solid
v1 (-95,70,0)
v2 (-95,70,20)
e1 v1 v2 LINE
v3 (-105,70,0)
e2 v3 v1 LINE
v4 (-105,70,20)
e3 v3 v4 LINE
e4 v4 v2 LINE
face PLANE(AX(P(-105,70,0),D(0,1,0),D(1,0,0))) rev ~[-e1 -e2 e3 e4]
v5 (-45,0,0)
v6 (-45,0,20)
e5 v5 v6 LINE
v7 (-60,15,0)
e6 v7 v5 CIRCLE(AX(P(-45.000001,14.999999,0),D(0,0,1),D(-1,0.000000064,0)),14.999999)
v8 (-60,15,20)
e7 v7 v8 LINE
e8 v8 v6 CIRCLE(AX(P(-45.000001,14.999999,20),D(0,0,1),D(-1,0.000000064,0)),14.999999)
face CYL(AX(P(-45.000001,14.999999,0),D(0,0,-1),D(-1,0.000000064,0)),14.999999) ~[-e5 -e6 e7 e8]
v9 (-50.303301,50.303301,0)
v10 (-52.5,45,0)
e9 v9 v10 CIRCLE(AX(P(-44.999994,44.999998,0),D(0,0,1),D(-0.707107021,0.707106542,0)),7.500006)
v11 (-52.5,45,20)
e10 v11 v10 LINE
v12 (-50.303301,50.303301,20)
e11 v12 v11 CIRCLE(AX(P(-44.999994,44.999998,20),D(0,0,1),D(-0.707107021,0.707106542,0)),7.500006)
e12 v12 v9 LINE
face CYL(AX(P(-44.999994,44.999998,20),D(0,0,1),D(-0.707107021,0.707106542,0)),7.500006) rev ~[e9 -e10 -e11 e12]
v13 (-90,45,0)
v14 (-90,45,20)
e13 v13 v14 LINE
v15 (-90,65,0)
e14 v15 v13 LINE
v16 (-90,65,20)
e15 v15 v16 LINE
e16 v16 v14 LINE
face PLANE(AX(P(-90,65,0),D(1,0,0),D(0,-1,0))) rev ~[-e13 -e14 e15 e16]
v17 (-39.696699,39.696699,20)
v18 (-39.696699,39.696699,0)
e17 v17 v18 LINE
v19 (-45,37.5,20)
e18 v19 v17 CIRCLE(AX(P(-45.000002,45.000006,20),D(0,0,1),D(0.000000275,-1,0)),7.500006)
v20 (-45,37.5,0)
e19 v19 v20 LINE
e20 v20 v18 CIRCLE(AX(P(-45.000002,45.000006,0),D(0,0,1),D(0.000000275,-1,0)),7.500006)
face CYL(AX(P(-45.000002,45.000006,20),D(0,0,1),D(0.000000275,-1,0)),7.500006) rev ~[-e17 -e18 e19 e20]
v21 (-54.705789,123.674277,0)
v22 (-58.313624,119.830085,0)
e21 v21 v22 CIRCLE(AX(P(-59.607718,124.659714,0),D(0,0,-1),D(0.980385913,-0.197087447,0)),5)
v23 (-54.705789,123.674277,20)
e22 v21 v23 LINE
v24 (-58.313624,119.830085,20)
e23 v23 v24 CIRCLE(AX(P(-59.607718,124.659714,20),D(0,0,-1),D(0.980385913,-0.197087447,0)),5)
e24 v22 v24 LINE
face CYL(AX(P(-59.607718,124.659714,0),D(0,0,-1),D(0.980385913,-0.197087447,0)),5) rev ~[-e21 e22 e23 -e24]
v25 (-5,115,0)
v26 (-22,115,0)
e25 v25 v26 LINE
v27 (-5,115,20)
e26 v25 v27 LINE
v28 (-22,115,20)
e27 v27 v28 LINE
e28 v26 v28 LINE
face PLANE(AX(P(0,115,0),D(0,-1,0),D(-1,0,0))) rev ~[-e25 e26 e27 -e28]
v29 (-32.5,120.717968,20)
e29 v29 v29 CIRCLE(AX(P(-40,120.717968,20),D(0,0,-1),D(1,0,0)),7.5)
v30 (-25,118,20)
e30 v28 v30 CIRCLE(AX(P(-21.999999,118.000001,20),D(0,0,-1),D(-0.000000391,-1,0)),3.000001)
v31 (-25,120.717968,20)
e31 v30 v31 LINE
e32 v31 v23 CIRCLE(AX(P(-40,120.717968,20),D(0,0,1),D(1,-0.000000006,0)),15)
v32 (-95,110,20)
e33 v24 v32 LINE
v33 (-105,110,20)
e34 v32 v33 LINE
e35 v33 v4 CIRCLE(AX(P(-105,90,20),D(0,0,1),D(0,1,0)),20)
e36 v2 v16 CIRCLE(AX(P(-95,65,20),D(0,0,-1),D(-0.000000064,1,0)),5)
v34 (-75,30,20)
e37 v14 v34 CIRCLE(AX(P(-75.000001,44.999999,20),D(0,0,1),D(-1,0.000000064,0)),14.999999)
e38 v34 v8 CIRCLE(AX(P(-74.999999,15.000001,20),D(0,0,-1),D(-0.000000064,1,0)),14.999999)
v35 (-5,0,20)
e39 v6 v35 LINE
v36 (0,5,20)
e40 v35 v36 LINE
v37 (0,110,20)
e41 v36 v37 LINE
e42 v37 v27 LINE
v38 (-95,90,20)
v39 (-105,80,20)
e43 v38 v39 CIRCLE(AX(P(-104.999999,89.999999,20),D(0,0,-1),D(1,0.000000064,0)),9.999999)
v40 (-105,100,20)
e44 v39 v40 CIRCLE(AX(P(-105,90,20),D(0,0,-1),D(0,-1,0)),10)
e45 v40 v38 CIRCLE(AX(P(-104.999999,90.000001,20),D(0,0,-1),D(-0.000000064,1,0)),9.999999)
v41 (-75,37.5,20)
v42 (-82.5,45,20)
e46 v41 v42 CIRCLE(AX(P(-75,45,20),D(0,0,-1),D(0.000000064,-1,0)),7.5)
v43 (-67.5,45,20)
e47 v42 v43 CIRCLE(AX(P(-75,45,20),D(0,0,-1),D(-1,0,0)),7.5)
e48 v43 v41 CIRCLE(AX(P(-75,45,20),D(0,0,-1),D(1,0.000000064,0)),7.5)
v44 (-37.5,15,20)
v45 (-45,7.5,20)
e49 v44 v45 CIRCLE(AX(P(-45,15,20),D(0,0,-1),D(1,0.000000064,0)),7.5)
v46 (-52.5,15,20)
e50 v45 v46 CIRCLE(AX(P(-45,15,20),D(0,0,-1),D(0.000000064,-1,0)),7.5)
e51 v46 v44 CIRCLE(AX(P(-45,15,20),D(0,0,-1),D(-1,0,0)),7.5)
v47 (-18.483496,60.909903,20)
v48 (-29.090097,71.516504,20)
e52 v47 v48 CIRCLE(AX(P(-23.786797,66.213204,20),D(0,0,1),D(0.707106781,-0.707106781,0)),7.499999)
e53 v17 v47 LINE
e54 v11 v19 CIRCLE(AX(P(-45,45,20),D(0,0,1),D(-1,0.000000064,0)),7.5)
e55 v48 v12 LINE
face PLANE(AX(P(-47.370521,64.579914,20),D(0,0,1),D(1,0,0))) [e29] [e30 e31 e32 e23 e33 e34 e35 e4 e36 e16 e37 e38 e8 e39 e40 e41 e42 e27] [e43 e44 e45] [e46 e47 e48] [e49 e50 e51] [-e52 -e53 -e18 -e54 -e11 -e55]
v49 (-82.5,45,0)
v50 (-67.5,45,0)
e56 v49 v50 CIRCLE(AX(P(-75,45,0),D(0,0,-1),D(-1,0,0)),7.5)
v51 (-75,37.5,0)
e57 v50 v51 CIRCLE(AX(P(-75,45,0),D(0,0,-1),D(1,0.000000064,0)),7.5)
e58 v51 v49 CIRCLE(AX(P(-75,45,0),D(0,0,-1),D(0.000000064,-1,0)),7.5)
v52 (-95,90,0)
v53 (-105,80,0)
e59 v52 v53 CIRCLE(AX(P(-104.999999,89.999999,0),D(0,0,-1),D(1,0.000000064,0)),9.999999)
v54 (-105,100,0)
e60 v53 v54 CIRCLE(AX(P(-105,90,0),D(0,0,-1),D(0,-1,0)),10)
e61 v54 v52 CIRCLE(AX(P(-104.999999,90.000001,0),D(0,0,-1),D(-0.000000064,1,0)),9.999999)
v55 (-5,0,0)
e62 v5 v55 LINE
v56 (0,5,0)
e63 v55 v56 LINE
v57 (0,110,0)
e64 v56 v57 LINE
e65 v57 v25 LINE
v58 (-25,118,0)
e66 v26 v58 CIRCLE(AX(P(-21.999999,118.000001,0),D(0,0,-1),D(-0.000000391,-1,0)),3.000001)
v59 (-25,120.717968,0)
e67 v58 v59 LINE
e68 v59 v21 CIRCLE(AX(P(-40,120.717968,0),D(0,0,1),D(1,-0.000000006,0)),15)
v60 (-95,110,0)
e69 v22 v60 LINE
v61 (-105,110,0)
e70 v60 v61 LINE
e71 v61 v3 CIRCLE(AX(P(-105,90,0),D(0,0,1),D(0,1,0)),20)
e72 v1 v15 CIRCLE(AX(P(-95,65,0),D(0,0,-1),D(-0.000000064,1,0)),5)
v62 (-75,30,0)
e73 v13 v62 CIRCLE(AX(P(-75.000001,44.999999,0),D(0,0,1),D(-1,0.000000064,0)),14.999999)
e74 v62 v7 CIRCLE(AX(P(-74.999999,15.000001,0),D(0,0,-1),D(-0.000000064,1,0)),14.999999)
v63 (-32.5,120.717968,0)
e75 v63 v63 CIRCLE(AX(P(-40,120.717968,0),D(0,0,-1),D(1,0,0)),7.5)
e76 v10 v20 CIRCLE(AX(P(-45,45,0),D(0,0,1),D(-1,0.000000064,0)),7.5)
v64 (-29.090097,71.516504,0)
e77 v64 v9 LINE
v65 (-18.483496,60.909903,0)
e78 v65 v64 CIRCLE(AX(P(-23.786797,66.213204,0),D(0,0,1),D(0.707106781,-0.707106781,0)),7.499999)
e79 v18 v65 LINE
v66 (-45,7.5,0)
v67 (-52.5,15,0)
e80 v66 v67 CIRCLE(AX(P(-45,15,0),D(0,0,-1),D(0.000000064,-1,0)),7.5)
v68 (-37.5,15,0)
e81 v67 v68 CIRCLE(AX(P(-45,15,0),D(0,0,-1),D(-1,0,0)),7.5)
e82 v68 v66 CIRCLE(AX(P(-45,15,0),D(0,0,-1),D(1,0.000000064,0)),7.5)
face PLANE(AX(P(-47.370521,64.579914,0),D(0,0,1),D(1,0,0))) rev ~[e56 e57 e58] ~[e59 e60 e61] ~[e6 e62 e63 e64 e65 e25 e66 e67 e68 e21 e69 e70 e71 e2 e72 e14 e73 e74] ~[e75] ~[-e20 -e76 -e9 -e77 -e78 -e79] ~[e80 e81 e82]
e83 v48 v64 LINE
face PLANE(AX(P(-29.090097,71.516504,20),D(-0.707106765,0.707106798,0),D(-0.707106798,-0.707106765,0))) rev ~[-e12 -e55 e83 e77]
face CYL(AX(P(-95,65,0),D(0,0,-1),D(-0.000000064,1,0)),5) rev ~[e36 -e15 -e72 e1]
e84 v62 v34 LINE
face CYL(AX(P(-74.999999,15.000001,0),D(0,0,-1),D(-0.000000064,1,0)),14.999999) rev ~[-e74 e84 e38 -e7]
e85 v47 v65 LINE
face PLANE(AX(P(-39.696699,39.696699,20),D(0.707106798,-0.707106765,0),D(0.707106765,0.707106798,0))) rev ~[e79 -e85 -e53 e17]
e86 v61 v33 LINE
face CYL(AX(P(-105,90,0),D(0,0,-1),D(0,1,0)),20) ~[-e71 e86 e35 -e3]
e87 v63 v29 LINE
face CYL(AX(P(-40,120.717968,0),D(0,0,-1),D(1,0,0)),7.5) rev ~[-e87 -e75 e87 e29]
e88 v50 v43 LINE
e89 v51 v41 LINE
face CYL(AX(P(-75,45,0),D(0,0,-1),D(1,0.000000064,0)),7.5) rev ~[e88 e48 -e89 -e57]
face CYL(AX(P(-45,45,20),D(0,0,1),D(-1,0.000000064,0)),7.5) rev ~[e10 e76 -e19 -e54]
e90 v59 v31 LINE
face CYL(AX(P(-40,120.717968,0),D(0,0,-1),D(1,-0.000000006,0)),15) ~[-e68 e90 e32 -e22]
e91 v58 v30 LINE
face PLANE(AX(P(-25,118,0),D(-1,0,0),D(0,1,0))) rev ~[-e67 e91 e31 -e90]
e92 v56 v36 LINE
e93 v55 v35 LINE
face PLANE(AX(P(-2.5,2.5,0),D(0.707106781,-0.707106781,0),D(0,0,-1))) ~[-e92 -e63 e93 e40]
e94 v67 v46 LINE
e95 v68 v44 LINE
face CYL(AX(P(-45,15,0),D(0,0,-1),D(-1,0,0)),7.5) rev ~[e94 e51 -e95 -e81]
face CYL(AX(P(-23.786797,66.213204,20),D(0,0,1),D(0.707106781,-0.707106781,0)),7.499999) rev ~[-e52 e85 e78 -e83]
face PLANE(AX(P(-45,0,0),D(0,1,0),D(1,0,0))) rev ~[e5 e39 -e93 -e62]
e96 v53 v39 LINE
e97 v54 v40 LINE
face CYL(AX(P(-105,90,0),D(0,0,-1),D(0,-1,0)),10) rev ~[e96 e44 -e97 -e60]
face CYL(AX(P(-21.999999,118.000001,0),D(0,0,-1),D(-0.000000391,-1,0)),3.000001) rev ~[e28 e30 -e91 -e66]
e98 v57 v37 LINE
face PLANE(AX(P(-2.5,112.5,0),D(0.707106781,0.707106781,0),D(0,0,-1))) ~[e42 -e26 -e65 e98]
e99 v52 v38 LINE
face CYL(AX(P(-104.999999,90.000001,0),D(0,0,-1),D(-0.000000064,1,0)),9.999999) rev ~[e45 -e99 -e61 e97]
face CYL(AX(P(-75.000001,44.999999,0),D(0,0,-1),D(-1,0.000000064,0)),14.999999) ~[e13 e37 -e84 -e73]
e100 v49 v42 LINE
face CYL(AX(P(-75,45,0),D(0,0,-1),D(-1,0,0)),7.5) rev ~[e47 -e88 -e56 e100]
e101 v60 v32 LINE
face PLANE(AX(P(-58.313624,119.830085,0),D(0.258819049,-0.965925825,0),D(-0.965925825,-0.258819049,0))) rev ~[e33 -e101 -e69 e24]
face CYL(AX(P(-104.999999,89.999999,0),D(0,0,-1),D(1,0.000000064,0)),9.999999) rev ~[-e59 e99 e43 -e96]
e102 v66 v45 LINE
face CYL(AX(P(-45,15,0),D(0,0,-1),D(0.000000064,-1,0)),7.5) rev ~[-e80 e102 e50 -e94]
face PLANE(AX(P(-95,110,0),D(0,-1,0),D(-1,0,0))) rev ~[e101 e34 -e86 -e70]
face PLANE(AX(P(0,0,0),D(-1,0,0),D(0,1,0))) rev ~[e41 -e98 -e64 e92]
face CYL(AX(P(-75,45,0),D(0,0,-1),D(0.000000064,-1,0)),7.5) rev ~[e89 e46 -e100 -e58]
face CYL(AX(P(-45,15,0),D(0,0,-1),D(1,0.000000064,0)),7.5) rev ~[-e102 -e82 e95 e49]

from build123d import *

# Parameters (mm, degrees)
F1_DEPTH = 20
F2_SIZE  = 5
F4_DEPTH = 25


with BuildPart() as f1:
    # F0 (on Top) → F1 (new body)
    with BuildSketch(Plane.XY):
        with BuildLine():
            Line((-45, 0), (0, 0))
            Line((0, 0), (0, 115))
            Line((0, 115), (-22, 115))
            ThreePointArc((-22, 115), (-24.12132, 115.87868), (-25, 118))
            Line((-25, 118), (-25, 120.717968))
            ThreePointArc((-25, 120.717968), (-38.514543, 135.644234), (-54.705789, 123.674277))
            ThreePointArc((-54.705789, 123.674277), (-55.961881, 121.238038), (-58.313624, 119.830085))
            Line((-58.313624, 119.830085), (-95, 110))
            Line((-95, 110), (-105, 110))
            Line((-105, 110), (-105, 100))
            ThreePointArc((-105, 100), (-97.928932, 97.071068), (-95, 90))
            ThreePointArc((-95, 90), (-97.928932, 82.928932), (-105, 80))
            Line((-105, 80), (-105, 70))
            Line((-105, 70), (-95, 70))
            ThreePointArc((-95, 70), (-91.464466, 68.535534), (-90, 65))
            Line((-90, 65), (-90, 45))
            Line((-90, 45), (-82.5, 45))
            ThreePointArc((-82.5, 45), (-75, 52.5), (-67.5, 45))
            ThreePointArc((-67.5, 45), (-69.696699, 39.696699), (-75, 37.5))
            Line((-75, 37.5), (-75, 30))
            ThreePointArc((-75, 30), (-64.393398, 25.606602), (-60, 15))
            Line((-60, 15), (-52.5, 15))
            ThreePointArc((-52.5, 15), (-45, 22.5), (-37.5, 15))
            ThreePointArc((-37.5, 15), (-39.696699, 9.696699), (-45, 7.5))
            Line((-45, 7.5), (-45, 0))
        make_face()
        with BuildLine():
            ThreePointArc((-47.5, 120.717968), (-40, 128.217968), (-32.5, 120.717968))
            ThreePointArc((-32.5, 120.717968), (-40, 113.217968), (-47.5, 120.717968))
        make_face(mode=Mode.SUBTRACT)
        with BuildLine():
            ThreePointArc((-105, 110), (-125, 90), (-105, 70))
            Line((-105, 70), (-105, 80))
            ThreePointArc((-105, 80), (-115, 90), (-105, 100))
            Line((-105, 100), (-105, 110))
        make_face()
        with BuildLine():
            ThreePointArc((-60, 15), (-55.606602, 4.393398), (-45, 0))
            Line((-45, 0), (-45, 7.5))
            ThreePointArc((-45, 7.5), (-50.303301, 9.696699), (-52.5, 15))
            Line((-52.5, 15), (-60, 15))
        make_face()
        with BuildLine():
            ThreePointArc((-90, 45), (-85.606602, 34.393398), (-75, 30))
            Line((-75, 30), (-75, 37.5))
            ThreePointArc((-75, 37.5), (-80.303301, 39.696699), (-82.5, 45))
            Line((-82.5, 45), (-90, 45))
        make_face()
    extrude(amount=F1_DEPTH)

    # F2
    f2_edges = [f1.edges().sort_by_distance(p)[0] for p in [
        (0, 115, 10),
        (0, 0, 10),
    ]]
    chamfer(f2_edges, length=F2_SIZE)

    # F3 (on face) → F4 (cut)
    with BuildSketch(Plane.XY.offset(20)):
        with BuildLine():
            Line((-45, 45), (-45, 37.5))
            ThreePointArc((-45, 37.5), (-42.129874, 38.070904), (-39.696699, 39.696699))
            Line((-39.696699, 39.696699), (-18.483496, 60.909903))
            ThreePointArc((-18.483496, 60.909903), (-18.483496, 71.516504), (-29.090097, 71.516504))
            Line((-29.090097, 71.516504), (-50.303301, 50.303301))
            ThreePointArc((-50.303301, 50.303301), (-51.929096, 47.870126), (-52.5, 45))
            Line((-52.5, 45), (-45, 45))
        make_face()
        with BuildLine():
            ThreePointArc((-52.5, 45), (-50.303301, 39.696699), (-45, 37.5))
            Line((-45, 37.5), (-45, 45))
            Line((-45, 45), (-52.5, 45))
        make_face()
    extrude(amount=-F4_DEPTH, mode=Mode.SUBTRACT)


solid = f1.part
